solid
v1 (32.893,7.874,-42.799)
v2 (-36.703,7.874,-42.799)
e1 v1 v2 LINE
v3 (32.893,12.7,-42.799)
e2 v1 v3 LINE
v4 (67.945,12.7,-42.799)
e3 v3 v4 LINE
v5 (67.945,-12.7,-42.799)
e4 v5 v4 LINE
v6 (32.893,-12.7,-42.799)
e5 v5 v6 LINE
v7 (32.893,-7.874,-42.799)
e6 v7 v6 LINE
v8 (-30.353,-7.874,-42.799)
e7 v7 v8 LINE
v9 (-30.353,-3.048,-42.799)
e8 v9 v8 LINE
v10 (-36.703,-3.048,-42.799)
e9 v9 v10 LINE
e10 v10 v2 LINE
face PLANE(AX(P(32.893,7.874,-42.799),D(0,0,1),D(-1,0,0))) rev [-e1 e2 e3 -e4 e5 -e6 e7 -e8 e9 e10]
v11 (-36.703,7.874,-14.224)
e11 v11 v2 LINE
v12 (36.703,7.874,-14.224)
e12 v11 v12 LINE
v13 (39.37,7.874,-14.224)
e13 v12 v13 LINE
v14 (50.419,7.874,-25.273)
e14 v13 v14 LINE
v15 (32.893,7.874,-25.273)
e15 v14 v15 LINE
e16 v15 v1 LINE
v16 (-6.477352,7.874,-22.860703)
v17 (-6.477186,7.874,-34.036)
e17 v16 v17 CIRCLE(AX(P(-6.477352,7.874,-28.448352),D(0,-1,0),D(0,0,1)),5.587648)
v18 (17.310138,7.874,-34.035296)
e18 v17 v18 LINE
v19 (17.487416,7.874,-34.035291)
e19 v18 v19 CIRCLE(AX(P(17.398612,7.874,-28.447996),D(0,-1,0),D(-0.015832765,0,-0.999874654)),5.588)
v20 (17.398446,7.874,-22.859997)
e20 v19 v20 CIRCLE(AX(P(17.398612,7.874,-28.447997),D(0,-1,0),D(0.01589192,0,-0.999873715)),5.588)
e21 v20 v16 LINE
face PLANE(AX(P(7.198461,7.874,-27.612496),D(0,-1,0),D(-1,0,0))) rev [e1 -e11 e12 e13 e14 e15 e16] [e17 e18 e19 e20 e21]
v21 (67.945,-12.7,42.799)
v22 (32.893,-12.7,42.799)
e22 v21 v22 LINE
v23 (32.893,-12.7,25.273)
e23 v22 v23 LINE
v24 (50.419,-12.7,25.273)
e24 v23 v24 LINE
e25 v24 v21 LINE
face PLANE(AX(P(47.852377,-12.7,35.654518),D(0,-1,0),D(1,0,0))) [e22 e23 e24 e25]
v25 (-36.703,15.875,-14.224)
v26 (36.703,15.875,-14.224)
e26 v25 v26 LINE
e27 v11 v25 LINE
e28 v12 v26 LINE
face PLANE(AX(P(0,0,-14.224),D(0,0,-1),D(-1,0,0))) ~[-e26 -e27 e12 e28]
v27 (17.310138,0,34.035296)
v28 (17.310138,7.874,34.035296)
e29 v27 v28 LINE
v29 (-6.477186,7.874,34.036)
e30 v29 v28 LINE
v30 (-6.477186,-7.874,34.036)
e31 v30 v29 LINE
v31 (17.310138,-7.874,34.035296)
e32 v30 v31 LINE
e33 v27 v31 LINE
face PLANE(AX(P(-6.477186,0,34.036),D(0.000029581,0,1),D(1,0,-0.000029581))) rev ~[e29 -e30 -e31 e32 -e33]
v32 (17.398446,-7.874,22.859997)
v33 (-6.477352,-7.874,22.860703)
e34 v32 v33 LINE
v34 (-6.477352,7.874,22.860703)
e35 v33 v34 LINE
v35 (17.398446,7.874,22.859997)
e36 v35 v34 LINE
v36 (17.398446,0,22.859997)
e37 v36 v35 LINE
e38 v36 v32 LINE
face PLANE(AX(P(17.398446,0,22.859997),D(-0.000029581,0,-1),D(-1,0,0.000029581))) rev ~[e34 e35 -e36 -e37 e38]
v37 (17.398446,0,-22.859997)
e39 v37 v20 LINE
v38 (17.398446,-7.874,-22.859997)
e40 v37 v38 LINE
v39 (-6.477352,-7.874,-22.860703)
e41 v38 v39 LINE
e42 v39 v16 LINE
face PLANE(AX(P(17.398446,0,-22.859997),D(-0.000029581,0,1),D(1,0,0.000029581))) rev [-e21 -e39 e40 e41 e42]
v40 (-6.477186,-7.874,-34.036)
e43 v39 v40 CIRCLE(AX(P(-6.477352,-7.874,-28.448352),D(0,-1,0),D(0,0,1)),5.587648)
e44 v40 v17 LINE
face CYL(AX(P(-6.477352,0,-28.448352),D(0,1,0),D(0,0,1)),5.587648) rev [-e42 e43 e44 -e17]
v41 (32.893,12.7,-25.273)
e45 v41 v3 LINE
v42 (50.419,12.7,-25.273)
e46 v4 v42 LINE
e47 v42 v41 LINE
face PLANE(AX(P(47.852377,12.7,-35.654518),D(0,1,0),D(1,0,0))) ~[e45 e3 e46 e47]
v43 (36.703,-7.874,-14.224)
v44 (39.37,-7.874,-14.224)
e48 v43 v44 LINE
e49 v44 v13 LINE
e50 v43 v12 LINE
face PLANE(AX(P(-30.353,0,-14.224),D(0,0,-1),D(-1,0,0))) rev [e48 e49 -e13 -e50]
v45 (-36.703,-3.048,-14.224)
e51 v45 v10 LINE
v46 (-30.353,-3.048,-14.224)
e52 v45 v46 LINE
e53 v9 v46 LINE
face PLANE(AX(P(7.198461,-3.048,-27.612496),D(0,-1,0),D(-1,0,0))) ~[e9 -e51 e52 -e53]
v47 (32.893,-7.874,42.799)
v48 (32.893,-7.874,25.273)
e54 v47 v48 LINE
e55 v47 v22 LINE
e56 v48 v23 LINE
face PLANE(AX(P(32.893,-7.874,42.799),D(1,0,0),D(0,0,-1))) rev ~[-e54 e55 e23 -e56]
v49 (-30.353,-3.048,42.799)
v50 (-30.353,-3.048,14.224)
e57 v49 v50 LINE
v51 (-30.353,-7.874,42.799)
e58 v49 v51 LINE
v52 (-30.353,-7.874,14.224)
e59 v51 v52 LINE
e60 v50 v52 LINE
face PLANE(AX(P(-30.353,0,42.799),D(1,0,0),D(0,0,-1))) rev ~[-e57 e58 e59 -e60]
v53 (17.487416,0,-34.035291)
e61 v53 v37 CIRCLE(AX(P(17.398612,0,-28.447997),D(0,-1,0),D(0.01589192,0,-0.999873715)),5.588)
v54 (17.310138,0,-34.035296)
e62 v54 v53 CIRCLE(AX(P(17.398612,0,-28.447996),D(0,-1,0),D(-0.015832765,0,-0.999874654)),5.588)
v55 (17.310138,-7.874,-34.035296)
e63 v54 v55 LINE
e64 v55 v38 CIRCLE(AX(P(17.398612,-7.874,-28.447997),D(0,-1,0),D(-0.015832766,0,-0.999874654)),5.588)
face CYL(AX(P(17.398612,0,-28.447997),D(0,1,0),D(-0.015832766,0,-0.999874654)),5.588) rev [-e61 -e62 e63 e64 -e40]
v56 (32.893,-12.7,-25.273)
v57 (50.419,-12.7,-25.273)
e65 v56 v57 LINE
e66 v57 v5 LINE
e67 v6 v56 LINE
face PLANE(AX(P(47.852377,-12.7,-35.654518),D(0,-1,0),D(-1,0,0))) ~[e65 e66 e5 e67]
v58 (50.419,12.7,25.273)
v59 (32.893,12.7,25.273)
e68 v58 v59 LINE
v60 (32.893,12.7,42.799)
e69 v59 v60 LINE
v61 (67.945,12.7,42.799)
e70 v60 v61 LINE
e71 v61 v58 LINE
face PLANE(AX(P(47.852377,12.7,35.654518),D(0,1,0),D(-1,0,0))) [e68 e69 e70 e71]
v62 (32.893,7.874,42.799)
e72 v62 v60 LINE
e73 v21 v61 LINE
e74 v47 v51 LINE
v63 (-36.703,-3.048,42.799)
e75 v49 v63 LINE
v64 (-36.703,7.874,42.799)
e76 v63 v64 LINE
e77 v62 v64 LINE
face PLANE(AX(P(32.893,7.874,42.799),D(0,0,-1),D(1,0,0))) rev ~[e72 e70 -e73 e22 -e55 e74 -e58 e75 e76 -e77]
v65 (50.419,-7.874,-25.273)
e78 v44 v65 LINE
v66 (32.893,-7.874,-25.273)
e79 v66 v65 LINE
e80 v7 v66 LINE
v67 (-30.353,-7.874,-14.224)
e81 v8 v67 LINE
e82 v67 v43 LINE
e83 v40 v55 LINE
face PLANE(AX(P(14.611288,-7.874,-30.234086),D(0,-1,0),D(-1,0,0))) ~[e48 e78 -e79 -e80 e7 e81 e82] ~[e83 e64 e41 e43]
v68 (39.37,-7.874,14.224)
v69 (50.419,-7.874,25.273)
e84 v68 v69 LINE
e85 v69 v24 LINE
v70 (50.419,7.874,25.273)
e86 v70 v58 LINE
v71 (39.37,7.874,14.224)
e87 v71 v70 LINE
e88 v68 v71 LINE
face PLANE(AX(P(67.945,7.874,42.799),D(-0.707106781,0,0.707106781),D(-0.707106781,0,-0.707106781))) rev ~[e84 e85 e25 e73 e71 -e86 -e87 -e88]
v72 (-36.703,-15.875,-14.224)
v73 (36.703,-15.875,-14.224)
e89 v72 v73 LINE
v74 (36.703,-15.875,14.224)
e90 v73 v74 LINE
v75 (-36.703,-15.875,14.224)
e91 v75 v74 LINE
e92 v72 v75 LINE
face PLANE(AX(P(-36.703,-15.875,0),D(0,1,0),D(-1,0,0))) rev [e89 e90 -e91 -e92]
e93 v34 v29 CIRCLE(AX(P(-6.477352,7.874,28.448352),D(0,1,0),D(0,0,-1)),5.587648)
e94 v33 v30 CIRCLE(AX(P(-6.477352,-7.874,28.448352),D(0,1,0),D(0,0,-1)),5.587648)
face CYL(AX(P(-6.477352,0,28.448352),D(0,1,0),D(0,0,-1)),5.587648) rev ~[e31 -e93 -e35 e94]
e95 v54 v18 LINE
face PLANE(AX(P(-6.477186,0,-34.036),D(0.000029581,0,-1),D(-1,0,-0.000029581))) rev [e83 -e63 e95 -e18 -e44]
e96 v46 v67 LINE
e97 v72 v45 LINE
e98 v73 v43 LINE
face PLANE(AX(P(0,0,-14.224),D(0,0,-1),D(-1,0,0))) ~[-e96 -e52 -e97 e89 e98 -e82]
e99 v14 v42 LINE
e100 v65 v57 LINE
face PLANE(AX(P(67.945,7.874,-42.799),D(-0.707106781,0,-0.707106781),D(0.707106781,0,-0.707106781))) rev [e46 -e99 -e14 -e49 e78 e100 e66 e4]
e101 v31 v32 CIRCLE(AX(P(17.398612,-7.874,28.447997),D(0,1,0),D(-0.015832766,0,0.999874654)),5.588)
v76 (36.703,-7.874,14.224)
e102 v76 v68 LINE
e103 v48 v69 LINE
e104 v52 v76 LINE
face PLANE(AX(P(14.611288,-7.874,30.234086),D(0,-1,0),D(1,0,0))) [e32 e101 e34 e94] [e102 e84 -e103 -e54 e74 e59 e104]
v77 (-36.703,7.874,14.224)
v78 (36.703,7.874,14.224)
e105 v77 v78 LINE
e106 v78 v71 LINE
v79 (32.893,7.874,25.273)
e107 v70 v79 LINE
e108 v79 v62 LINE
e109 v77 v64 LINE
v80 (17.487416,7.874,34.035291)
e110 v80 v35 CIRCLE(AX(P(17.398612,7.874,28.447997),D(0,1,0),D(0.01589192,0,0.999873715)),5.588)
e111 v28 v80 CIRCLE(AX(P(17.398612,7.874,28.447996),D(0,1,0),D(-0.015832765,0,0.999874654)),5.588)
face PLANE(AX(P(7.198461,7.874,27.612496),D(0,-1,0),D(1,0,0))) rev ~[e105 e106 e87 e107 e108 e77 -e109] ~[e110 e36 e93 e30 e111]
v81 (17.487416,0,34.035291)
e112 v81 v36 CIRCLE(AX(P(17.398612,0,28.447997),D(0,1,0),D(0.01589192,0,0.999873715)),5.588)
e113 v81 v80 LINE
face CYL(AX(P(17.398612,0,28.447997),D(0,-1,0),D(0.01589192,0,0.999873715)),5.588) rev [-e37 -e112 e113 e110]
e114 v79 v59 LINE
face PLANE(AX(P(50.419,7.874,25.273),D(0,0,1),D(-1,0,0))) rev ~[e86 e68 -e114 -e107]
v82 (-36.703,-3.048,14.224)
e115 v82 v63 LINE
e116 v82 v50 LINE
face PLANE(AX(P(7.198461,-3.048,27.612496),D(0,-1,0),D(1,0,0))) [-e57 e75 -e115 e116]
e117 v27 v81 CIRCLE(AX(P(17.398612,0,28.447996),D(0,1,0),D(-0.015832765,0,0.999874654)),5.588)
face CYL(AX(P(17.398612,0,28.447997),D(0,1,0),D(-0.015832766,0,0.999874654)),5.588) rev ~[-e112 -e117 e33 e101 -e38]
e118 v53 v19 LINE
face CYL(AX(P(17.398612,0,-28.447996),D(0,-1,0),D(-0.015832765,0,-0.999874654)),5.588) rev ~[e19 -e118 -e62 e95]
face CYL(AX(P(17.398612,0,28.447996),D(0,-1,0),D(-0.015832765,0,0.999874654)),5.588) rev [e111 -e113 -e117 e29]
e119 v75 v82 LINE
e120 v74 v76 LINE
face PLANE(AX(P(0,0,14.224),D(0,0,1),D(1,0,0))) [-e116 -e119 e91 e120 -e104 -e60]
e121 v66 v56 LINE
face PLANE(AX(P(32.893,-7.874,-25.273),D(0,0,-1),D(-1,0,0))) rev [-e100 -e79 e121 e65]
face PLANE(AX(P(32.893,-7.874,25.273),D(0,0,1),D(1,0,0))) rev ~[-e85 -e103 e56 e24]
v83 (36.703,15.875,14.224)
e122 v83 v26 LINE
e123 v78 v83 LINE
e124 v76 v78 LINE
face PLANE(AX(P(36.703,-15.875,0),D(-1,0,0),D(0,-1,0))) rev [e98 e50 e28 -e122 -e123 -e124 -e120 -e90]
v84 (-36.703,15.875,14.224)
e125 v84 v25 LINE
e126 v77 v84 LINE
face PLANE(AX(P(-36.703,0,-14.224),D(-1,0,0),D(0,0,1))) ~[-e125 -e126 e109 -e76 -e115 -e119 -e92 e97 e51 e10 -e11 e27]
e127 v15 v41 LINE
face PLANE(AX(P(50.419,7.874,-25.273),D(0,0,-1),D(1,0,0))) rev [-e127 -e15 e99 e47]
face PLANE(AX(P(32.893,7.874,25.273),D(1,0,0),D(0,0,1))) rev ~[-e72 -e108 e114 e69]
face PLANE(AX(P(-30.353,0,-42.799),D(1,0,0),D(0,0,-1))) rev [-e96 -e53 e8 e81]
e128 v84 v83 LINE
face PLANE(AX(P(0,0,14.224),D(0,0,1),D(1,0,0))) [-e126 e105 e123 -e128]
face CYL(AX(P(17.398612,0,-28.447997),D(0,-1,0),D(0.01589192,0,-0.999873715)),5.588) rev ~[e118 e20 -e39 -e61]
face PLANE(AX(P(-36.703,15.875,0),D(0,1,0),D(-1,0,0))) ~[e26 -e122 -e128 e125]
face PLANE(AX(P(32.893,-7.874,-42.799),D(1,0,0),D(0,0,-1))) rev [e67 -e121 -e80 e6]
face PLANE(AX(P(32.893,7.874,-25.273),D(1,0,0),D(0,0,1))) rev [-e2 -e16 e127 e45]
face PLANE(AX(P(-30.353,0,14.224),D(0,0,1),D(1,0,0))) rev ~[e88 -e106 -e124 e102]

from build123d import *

# Parameters (mm, degrees)
F0_W      = 73.406
F0_H      = 31.75
F1_DEPTH  = 14.224
F2_W      = 6.35
F2_H      = 28.575
F3_DEPTH  = 7.874
F5_DEPTH  = 7.874
F6_DEPTH  = 3.048
F8_DEPTH  = 4.826
F10_DEPTH = 4.826


with BuildPart() as f1:
    # F0 (on Top) → F1 (new body)
    with BuildSketch(Plane.XY):
        Rectangle(F0_W, F0_H)
    extrude(amount=F1_DEPTH)

    # F2 (on Front) → F3 (join)
    with BuildSketch(Plane.XZ):
        Polygon((-30.353, 42.799), (-30.353, 14.224), (39.37, 14.224), (50.3207743978, 25.1747743978), (32.893, 25.1747743978), (32.893, 42.799), align=None)
        with BuildLine():
            ThreePointArc((-6.4773515256, 22.860703056), (-12.0649999994, 28.4484341748), (-6.4771862369, 34.0360000025))
            Line((-6.4771862369, 34.0360000025), (17.3101380153, 34.035296348))
            ThreePointArc((17.3101380153, 34.035296348), (17.3987768094, 34.0359967795), (17.4874155619, 34.035291104))
            ThreePointArc((17.4874155619, 34.035291104), (22.9864344307, 28.4035107074), (17.3984462114, 22.8599967844))
            Line((17.3984462114, 22.8599967844), (-6.4773515256, 22.860703056))
        make_face(mode=Mode.SUBTRACT)
        Polygon((67.945, 42.799), (32.893, 42.799), (32.893, 25.1747743978), (50.3207743978, 25.1747743978), align=None)
        with Locations((-33.528, 28.5115)):
            Rectangle(F2_W, F2_H)
    extrude(amount=-F3_DEPTH)

    # F4 (on face) → F5 (join)
    with BuildSketch(Plane.XZ):
        Polygon((67.945, 42.799), (-30.353, 42.799), (-30.353, 14.224), (36.703, 14.224), (39.37, 14.224), align=None)
        with BuildLine():
            ThreePointArc((17.3101380153, 34.035296348), (22.9864370529, 28.4921522689), (17.3984462114, 22.8599967844))
            Line((17.3984462114, 22.8599967844), (-6.4773515256, 22.860703056))
            ThreePointArc((-6.4773515256, 22.860703056), (-12.0649999994, 28.4484341748), (-6.4771862369, 34.0360000025))
            Line((-6.4771862369, 34.0360000025), (17.3101380153, 34.035296348))
        make_face(mode=Mode.SUBTRACT)
    extrude(amount=F5_DEPTH)

    # F6 (add): a face of the model
    f6_faces = [f1.faces().sort_by_distance(p)[0] for p in [
        (-33.528, 0, 28.5115),
    ]]
    extrude(f6_faces, amount=F6_DEPTH)

    # F7 (on face) → F8 (join)
    with BuildSketch(Plane.XZ.offset(7.874)):
        Polygon((50.419, 25.273), (67.945, 42.799), (32.893, 42.799), (32.893, 25.273), align=None)
    extrude(amount=F8_DEPTH)

    # F9 (on face) → F10 (join)
    with BuildSketch(Plane(origin=(0, 7.874, 0), x_dir=(-1, 0, 0), z_dir=(0, 1, 0))):
        Polygon((-32.893, 42.799), (-67.945, 42.799), (-50.419, 25.273), (-32.893, 25.273), align=None)
    extrude(amount=F10_DEPTH)

    # F11: F1 across plane


with BuildPart() as f1_1:
    add(f1.part)
    add(f1.part.mirror(Plane.XY))


solid = f1_1.part
